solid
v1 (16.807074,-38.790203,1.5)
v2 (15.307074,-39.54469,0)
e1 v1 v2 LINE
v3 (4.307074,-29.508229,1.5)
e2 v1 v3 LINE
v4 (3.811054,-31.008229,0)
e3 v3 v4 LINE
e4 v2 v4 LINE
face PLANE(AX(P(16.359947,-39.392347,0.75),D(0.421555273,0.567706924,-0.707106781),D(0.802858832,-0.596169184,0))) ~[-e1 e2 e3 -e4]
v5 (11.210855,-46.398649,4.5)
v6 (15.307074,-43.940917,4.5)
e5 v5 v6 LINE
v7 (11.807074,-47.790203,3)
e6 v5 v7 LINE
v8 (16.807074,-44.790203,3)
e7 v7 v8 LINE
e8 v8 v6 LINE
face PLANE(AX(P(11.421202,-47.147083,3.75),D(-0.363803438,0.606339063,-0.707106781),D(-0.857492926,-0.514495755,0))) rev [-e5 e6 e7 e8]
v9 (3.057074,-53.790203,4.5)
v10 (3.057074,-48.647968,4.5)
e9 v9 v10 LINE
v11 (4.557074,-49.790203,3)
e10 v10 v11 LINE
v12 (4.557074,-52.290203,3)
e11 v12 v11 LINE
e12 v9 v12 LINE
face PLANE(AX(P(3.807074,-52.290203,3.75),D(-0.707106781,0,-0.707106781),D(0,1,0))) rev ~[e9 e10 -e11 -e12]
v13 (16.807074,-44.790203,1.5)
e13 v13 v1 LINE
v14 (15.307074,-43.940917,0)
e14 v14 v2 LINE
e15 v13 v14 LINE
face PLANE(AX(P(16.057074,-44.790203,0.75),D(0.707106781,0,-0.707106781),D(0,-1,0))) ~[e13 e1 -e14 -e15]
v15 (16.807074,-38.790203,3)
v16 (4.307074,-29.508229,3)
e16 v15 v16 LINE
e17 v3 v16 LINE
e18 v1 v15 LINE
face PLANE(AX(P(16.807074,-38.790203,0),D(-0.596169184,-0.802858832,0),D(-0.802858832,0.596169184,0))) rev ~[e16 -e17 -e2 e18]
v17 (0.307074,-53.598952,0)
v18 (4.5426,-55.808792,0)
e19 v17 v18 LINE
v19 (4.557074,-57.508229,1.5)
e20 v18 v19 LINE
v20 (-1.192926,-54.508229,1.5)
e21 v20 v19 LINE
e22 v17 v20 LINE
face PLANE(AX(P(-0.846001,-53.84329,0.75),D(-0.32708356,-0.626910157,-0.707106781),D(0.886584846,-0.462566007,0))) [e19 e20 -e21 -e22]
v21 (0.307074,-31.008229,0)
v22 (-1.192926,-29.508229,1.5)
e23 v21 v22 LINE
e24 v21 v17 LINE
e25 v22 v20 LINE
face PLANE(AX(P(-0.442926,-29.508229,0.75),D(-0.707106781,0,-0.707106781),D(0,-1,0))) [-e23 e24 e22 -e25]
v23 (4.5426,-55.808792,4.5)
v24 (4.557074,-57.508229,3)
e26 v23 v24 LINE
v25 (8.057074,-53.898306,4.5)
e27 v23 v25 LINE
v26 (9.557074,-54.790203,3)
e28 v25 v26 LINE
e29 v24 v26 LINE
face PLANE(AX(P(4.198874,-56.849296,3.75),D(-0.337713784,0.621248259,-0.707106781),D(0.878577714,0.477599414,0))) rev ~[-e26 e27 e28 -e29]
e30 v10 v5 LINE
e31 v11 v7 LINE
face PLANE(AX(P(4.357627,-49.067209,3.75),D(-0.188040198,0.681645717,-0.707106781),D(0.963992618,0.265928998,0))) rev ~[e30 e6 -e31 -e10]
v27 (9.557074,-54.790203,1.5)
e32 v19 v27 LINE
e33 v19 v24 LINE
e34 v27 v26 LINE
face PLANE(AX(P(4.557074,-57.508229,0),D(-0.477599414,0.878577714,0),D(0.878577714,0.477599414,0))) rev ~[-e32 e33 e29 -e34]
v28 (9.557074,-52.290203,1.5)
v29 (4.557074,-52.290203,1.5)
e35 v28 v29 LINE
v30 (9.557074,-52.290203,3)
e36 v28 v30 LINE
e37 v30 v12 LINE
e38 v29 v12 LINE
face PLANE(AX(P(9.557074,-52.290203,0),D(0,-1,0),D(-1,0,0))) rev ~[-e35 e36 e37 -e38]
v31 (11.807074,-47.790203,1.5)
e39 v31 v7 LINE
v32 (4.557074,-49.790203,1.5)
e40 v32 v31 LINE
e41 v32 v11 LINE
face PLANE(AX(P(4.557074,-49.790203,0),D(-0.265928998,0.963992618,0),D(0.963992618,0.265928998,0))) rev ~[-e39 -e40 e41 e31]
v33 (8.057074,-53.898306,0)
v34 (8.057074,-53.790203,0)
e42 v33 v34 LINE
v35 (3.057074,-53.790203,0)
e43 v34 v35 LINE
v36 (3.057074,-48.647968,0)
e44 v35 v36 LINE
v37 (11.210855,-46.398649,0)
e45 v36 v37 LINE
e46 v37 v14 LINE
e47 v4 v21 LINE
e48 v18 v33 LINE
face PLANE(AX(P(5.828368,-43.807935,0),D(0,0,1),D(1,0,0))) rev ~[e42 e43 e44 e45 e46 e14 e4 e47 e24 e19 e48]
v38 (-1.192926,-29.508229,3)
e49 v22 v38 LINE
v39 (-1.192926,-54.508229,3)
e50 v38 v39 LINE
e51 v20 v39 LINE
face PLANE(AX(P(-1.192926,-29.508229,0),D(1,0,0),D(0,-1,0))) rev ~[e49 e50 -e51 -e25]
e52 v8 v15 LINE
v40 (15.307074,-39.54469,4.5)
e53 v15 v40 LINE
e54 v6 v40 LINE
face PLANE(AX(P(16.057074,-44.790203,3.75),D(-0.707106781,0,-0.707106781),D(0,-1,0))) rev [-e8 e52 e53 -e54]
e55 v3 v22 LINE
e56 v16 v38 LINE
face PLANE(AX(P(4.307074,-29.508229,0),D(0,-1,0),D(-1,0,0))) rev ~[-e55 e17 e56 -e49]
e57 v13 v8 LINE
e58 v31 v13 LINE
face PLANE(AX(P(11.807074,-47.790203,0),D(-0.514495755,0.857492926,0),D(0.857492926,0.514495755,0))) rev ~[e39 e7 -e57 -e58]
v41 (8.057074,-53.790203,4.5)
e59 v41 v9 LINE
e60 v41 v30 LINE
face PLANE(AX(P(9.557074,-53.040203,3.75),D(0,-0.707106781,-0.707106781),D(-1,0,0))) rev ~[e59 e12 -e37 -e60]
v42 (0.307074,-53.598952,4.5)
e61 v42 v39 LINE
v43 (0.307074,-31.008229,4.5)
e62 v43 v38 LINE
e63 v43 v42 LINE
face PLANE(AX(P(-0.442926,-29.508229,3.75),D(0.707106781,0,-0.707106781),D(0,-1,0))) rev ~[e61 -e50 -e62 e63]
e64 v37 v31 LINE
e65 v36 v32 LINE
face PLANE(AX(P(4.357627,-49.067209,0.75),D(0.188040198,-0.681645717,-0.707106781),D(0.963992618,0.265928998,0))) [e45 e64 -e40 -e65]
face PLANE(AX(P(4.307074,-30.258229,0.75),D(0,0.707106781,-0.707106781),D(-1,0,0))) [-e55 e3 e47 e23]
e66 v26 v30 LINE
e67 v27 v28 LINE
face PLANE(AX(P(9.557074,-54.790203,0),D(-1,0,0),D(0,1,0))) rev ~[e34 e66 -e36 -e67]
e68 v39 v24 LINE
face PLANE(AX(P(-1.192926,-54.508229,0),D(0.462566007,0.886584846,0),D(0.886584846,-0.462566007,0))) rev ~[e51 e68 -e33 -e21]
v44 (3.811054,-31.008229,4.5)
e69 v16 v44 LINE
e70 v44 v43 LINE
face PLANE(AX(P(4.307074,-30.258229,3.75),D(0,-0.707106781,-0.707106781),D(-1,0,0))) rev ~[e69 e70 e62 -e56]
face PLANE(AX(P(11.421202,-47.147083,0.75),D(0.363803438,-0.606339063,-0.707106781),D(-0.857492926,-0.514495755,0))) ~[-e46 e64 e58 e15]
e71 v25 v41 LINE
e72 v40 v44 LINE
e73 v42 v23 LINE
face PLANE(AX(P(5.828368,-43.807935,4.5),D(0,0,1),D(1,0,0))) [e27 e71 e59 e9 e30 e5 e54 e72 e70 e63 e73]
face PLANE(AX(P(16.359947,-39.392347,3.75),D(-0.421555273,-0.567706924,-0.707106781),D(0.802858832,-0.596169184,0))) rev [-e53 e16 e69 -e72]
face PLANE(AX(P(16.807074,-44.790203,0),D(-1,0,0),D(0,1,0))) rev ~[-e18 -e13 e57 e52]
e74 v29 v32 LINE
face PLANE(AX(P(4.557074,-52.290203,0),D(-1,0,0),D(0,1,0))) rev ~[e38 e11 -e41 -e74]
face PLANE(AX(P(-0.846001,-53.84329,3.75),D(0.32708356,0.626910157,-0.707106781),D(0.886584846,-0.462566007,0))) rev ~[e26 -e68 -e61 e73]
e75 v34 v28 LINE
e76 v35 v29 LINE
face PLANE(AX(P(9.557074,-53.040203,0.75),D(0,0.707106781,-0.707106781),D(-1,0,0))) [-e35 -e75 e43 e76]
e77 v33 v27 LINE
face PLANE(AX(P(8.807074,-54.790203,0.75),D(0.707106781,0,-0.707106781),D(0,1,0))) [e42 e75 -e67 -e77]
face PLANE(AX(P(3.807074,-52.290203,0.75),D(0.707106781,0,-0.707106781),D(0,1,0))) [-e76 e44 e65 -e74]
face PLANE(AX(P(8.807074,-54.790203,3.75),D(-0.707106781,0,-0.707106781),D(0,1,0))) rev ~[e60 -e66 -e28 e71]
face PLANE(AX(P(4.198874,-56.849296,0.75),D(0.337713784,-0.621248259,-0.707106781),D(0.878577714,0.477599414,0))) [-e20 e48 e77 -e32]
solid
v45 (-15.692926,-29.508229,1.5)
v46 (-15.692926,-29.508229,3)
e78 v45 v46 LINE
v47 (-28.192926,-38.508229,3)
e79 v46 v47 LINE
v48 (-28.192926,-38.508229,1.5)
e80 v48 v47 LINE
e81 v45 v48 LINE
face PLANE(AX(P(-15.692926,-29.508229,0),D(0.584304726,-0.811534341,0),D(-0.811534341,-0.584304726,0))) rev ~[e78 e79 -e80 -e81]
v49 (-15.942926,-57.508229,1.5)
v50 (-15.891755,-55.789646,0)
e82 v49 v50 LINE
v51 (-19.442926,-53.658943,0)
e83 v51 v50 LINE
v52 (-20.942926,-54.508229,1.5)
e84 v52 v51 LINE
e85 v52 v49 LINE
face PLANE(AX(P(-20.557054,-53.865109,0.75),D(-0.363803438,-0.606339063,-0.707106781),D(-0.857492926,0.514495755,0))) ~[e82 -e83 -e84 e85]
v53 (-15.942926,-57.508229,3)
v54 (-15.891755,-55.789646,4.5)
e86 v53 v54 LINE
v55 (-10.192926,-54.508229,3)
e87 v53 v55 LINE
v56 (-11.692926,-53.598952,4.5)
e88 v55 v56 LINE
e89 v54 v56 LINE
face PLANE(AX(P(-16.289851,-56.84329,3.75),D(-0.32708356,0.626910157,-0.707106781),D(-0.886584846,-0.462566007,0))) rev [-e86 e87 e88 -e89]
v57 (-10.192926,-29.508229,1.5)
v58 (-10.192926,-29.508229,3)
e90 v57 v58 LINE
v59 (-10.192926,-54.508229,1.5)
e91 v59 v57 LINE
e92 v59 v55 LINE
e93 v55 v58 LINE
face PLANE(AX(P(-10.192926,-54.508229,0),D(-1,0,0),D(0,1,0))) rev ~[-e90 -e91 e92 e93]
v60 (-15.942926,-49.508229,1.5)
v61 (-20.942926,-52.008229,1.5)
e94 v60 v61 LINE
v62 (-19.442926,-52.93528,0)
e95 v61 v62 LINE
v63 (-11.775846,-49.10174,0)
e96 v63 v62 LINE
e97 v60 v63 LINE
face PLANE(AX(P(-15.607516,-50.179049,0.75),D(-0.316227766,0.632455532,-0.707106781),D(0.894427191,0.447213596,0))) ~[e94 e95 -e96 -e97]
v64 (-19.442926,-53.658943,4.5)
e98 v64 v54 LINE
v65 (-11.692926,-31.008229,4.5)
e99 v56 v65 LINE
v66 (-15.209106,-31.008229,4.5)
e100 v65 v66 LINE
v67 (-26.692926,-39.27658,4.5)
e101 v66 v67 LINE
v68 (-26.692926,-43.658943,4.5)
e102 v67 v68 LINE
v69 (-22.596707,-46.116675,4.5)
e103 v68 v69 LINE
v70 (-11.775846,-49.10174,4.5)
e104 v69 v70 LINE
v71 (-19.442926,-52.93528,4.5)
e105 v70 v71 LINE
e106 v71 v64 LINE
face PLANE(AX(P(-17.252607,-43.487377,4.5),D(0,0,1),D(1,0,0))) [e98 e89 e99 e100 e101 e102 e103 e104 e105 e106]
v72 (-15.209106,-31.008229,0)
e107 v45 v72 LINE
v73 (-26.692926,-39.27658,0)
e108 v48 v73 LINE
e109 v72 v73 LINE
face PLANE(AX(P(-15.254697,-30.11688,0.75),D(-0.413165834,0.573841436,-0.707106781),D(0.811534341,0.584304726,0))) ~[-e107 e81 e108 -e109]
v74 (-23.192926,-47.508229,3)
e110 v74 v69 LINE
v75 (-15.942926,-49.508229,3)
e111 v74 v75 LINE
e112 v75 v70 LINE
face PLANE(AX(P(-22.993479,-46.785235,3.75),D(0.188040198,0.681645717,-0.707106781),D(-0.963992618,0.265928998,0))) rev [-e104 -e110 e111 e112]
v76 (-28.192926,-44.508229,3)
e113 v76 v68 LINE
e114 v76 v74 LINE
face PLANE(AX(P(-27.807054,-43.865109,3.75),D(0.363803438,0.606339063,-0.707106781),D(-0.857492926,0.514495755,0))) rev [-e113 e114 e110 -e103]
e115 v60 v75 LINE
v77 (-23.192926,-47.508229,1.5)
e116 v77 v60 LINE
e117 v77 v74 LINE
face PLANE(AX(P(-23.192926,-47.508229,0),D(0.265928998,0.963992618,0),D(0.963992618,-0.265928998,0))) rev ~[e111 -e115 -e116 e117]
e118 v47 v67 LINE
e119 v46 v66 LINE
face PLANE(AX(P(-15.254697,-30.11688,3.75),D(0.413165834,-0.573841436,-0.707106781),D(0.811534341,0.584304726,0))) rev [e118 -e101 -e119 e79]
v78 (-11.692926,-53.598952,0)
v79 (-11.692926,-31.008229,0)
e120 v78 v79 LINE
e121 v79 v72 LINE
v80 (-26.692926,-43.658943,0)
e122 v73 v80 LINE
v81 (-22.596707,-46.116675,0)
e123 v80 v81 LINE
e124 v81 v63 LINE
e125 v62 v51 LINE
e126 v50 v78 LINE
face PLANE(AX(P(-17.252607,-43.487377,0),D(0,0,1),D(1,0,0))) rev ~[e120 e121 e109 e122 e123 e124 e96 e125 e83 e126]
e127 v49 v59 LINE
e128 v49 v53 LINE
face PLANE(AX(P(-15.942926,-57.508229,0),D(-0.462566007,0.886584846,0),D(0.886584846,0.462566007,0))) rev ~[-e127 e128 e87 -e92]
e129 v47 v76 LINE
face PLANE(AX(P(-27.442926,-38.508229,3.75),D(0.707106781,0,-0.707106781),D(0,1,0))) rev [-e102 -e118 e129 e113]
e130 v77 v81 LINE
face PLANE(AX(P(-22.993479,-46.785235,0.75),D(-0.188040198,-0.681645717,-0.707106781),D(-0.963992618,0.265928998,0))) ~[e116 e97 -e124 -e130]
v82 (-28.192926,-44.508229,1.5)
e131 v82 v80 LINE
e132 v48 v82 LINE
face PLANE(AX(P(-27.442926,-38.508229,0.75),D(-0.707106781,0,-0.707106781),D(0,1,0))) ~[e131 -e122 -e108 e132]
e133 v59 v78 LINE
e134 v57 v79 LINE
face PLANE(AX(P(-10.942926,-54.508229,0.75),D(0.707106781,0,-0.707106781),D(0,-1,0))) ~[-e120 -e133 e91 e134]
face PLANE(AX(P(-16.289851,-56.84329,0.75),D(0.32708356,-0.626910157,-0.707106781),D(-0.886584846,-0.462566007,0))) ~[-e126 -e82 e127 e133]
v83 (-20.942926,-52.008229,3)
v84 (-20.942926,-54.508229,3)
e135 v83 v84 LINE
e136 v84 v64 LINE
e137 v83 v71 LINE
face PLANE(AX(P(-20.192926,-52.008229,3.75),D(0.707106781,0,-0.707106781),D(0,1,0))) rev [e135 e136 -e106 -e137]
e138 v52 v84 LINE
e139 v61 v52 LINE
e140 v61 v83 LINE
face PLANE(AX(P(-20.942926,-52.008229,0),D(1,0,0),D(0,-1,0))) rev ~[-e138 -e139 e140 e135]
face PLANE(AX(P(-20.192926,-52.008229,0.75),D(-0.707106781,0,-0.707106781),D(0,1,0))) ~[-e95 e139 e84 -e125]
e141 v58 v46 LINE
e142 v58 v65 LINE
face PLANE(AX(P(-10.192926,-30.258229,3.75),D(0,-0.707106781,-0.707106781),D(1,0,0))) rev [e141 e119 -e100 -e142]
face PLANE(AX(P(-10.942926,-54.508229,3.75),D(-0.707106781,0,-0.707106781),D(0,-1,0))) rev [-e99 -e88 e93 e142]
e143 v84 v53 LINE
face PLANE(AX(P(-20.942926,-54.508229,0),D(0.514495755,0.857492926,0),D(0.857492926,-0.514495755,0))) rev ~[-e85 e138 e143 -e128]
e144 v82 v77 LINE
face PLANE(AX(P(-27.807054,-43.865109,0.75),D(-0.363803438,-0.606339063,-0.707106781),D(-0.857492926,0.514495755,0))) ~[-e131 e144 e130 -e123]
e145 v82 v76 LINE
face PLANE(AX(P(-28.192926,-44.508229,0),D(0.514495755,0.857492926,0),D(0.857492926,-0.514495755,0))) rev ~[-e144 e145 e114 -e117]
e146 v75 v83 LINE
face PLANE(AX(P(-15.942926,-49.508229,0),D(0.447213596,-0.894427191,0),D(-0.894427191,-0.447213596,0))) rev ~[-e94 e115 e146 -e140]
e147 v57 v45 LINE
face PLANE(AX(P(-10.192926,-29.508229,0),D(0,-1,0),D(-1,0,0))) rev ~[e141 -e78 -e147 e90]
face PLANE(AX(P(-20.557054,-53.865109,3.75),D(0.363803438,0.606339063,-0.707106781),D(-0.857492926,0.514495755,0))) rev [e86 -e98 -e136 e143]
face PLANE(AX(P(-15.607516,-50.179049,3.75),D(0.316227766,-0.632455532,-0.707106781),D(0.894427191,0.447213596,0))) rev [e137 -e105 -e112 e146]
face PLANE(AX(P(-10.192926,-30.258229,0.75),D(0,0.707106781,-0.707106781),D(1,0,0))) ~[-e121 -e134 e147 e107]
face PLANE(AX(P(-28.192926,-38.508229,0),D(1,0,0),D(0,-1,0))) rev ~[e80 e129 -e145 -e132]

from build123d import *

# Parameters (mm, degrees)
F1_DEPTH = 4.5
F2_DEPTH = 4.5
F3_SIZE  = 1.5


with BuildPart() as f1:
    # F0 (on Top) → F1 (new body)
    with BuildSketch(Plane.XY):
        Polygon((16.807074, -44.790203), (16.807074, -38.790203), (4.307074, -29.508229), (-1.192926, -29.508229), (-1.192926, -52.008229), (-1.192926, -54.508229), (4.557074, -57.508229), (9.557074, -54.790203), (9.557074, -52.290203), (4.557074, -52.290203), (4.557074, -49.790203), (11.807074, -47.790203), align=None)
    extrude(amount=F1_DEPTH)

    # F0 (on Top) → F2 (join)
    with BuildSketch(Plane.XY):
        Polygon((-15.692926, -29.508229), (-28.192926, -38.508229), (-28.192926, -44.508229), (-23.192926, -47.508229), (-15.942926, -49.508229), (-20.942926, -52.008229), (-20.942926, -54.508229), (-15.942926, -57.508229), (-10.192926, -54.508229), (-10.192926, -52.008229), (-10.192926, -29.508229), align=None)
        Polygon((16.807074, -44.790203), (16.807074, -38.790203), (4.307074, -29.508229), (-1.192926, -29.508229), (-1.192926, -52.008229), (-1.192926, -54.508229), (4.557074, -57.508229), (9.557074, -54.790203), (9.557074, -52.290203), (4.557074, -52.290203), (4.557074, -49.790203), (11.807074, -47.790203), align=None)
    extrude(amount=F2_DEPTH)

    # F3
    f3_edges = [f1.edges().sort_by_distance(p)[0] for p in [
        (10.557074, -34.149216, 4.5),
        (1.557074, -29.508229, 4.5),
        (-1.192926, -42.008229, 4.5),
        (1.682074, -56.008229, 4.5),
        (7.057074, -56.149216, 4.5),
        (9.557074, -53.540203, 4.5),
        (7.057074, -52.290203, 4.5),
        (4.557074, -51.040203, 4.5),
        (8.182074, -48.790203, 4.5),
        (14.307074, -46.290203, 4.5),
        (16.807074, -41.790203, 4.5),
        (10.557074, -34.149216, 0),
        (1.557074, -29.508229, 0),
        (-1.192926, -42.008229, 0),
        (1.682074, -56.008229, 0),
        (7.057074, -56.149216, 0),
        (9.557074, -53.540203, 0),
        (7.057074, -52.290203, 0),
        (4.557074, -51.040203, 0),
        (8.182074, -48.790203, 0),
        (14.307074, -46.290203, 0),
        (16.807074, -41.790203, 0),
        (-10.192926, -42.008229, 4.5),
        (-12.942926, -29.508229, 4.5),
        (-21.942926, -34.008229, 4.5),
        (-28.192926, -41.508229, 4.5),
        (-25.692926, -46.008229, 4.5),
        (-19.567926, -48.508229, 4.5),
        (-18.442926, -50.758229, 4.5),
        (-20.942926, -53.258229, 4.5),
        (-18.442926, -56.008229, 4.5),
        (-13.067926, -56.008229, 4.5),
        (-10.192926, -42.008229, 0),
        (-12.942926, -29.508229, 0),
        (-21.942926, -34.008229, 0),
        (-28.192926, -41.508229, 0),
        (-25.692926, -46.008229, 0),
        (-19.567926, -48.508229, 0),
        (-18.442926, -50.758229, 0),
        (-20.942926, -53.258229, 0),
        (-18.442926, -56.008229, 0),
        (-13.067926, -56.008229, 0),
    ]]
    chamfer(f3_edges, length=F3_SIZE)


solid = f1.part
